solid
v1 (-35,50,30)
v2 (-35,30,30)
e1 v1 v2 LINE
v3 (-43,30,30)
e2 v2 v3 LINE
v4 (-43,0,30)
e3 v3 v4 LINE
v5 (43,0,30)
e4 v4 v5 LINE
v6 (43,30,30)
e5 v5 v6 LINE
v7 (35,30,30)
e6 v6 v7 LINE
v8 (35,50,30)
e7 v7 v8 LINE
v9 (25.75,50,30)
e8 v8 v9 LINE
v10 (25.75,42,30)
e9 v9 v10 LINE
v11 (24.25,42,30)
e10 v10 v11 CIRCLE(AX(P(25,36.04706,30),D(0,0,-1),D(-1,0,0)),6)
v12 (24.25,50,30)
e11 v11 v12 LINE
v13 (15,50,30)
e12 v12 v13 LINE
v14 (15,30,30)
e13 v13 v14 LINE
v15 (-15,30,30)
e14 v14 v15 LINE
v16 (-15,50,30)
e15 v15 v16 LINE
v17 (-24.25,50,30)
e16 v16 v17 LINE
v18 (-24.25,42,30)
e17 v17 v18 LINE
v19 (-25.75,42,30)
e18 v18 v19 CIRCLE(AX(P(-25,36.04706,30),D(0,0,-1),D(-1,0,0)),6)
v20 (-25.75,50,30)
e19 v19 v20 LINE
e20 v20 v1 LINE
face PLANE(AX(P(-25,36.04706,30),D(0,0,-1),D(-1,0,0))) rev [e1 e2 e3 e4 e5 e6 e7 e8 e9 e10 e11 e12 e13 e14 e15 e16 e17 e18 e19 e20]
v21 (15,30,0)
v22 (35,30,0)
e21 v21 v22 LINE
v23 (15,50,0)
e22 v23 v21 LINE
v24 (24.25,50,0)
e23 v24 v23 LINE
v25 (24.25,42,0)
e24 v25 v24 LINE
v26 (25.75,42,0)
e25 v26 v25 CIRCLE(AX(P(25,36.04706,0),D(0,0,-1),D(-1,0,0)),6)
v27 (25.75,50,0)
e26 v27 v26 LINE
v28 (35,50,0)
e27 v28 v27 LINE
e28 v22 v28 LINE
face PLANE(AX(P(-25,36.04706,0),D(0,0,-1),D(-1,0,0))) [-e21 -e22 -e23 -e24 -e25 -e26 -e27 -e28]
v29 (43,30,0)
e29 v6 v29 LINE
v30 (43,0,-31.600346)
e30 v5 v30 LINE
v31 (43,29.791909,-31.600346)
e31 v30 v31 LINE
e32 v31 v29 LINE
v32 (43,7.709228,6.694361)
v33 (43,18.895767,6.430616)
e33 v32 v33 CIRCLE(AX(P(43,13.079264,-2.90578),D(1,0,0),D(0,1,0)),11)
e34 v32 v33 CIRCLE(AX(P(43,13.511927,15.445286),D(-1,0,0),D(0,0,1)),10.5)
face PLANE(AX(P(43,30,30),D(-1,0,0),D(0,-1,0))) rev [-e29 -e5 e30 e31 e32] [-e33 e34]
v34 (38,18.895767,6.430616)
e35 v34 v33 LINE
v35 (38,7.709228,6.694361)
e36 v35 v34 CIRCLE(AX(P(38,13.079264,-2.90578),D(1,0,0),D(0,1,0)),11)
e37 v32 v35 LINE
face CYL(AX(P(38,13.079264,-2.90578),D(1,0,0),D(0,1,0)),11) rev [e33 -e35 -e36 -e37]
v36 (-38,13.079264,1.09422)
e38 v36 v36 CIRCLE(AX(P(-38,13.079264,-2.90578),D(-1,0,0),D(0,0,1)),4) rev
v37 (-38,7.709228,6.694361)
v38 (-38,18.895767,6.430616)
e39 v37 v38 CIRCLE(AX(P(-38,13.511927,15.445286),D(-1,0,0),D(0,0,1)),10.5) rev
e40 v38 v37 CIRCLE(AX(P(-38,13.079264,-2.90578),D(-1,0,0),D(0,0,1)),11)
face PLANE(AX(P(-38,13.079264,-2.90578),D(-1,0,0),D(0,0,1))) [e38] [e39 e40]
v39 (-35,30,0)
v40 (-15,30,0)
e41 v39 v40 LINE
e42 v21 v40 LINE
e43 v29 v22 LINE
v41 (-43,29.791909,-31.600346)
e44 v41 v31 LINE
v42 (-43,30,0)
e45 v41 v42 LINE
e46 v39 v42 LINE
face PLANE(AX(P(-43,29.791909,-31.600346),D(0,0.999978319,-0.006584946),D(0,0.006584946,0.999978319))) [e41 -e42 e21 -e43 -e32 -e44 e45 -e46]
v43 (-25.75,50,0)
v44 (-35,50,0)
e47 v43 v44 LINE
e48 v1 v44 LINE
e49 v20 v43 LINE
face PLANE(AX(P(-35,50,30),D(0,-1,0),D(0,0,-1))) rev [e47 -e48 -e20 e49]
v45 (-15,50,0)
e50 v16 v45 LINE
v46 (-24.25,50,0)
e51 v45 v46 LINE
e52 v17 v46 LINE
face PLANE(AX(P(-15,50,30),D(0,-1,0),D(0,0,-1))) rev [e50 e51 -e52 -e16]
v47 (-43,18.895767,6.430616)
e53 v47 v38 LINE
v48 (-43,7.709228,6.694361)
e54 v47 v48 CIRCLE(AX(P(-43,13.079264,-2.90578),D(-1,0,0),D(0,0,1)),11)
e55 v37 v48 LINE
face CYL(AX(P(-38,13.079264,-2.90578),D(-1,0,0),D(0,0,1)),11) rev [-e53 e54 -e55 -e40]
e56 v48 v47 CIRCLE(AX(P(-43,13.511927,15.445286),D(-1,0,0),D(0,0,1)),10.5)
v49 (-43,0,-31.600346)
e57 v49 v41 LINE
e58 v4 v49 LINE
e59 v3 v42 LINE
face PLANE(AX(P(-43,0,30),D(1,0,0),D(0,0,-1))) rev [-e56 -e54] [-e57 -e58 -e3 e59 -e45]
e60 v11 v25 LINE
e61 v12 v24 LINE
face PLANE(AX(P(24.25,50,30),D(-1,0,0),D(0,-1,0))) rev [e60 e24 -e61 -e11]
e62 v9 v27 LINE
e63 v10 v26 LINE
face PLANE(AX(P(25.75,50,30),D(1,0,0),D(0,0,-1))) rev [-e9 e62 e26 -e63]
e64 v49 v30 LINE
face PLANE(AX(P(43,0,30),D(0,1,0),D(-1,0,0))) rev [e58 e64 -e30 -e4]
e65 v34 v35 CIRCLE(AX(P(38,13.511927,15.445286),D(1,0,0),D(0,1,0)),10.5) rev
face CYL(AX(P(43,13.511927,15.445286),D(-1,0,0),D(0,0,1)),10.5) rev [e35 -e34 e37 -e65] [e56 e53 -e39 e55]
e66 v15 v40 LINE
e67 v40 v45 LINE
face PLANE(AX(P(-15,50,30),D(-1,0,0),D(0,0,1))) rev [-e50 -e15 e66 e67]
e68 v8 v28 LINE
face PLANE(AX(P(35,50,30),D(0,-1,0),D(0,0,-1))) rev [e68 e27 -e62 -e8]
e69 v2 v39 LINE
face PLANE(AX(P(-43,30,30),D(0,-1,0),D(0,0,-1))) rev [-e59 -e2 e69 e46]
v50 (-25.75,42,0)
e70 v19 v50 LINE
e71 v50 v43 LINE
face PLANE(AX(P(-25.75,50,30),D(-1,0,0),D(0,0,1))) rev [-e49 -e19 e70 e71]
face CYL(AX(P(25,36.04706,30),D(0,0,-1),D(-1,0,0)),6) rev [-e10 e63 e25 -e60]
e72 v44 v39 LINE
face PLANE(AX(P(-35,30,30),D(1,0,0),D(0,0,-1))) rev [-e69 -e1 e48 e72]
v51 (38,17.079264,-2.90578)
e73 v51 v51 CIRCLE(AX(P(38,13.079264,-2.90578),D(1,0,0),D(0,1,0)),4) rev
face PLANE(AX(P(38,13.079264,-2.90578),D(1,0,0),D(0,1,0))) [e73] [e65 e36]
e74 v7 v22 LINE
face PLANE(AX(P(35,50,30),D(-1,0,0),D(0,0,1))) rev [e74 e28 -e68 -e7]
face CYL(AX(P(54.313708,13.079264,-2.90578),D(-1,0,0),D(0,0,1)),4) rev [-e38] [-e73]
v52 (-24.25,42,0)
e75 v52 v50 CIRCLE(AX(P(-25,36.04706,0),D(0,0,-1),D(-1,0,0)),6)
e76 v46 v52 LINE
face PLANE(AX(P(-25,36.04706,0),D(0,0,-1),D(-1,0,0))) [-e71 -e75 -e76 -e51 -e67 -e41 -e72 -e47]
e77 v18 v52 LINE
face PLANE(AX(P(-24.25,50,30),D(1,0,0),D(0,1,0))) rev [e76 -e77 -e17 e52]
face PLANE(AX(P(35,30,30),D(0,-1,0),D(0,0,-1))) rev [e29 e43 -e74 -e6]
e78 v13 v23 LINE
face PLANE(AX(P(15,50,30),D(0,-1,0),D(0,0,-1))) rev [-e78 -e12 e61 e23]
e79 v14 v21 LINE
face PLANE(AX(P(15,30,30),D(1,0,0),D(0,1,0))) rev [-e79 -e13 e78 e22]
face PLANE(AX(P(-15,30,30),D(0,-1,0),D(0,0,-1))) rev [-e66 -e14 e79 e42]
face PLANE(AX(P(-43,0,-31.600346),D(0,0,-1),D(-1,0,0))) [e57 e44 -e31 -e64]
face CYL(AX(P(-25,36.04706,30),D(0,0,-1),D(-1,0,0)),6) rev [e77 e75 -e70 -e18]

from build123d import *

# Parameters (mm, degrees)
EXTRUDE_1_DEPTH     = 30
SKETCH_2_R          = 10.5
CUT_EXTRUDE_1_DEPTH = 104.903801663
EXTRUDE_3_DEPTH     = 86
SKETCH_5_R          = 4
CUT_EXTRUDE_3_DEPTH = 86
SKETCH_6_R          = 11
CUT_EXTRUDE_4_DEPTH = 5
CUT_EXTRUDE_START   = -5
SKETCH_7_R          = 11
CUT_EXTRUDE_5_DEPTH = 5


with BuildPart() as part:
    # Эскиз1 → Бобышка-Вытянуть1 (new body)
    with BuildSketch(Plane.XY):
        with BuildLine():
            Line((-43, 0), (-43, 30))
            Line((-43, 30), (-35, 30))
            Line((-35, 30), (-35, 50))
            Line((-35, 50), (-25.75, 50))
            Line((-25.75, 50), (-25.75, 42))
            ThreePointArc((-25.75, 42), (-25, 30.04705955), (-24.25, 42))
            Line((-24.25, 42), (-24.25, 50))
            Line((-24.25, 50), (-15, 50))
            Line((-15, 50), (-15, 30))
            Line((-15, 30), (0, 30))
            Line((0, 30), (15, 30))
            Line((15, 30), (15, 50))
            Line((15, 50), (24.25, 50))
            Line((24.25, 50), (24.25, 42))
            ThreePointArc((24.25, 42), (25, 30.04705955), (25.75, 42))
            Line((25.75, 42), (25.75, 50))
            Line((25.75, 50), (35, 50))
            Line((35, 50), (35, 30))
            Line((35, 30), (43, 30))
            Line((43, 30), (43, 0))
            Line((43, 0), (0, 0))
            Line((0, 0), (-43, 0))
        make_face()
    extrude(amount=EXTRUDE_1_DEPTH)

    # Эскиз2 → Вырез-Вытянуть1 (cut, through all)
    with BuildSketch(Plane.ZY.offset(43)):
        with Locations((15.445285693, 13.511926699)):
            Circle(SKETCH_2_R)
    extrude(amount=-CUT_EXTRUDE_1_DEPTH, mode=Mode.SUBTRACT)

    # Эскиз4 → Бобышка-Вытянуть3 (add)
    with BuildSketch(Plane(origin=(43, 0, 0), x_dir=(0, 0, -1), z_dir=(1, 0, 0))):
        Polygon((0, 0), (31.600345964, 0), (31.600345964, 29.791908919), (0, 30), align=None)
    extrude(amount=-EXTRUDE_3_DEPTH)

    # Эскиз5 → Вырез-Вытянуть3 (cut)
    with BuildSketch(Plane.ZY.offset(43)):
        with Locations((-2.905780264, 13.079264153)):
            Circle(SKETCH_5_R)
    extrude(amount=-CUT_EXTRUDE_3_DEPTH, mode=Mode.SUBTRACT)

    # Эскиз6 → Вырез-Вытянуть4 (cut)
    with BuildSketch(Plane.ZY.offset(43)):
        with Locations((-2.905780264, 13.079264153)):
            Circle(SKETCH_6_R)
    extrude(amount=-CUT_EXTRUDE_4_DEPTH, mode=Mode.SUBTRACT)

    # Эскиз7 → Вырез-Вытянуть5 (cut)
    with BuildSketch(Plane(origin=(43, 0, 0), x_dir=(0, 0, -1), z_dir=(1, 0, 0)).offset(CUT_EXTRUDE_START)):
        with Locations((2.905780264, 13.079264153)):
            Circle(SKETCH_7_R)
    extrude(amount=CUT_EXTRUDE_5_DEPTH, mode=Mode.SUBTRACT)


solid = part.part
